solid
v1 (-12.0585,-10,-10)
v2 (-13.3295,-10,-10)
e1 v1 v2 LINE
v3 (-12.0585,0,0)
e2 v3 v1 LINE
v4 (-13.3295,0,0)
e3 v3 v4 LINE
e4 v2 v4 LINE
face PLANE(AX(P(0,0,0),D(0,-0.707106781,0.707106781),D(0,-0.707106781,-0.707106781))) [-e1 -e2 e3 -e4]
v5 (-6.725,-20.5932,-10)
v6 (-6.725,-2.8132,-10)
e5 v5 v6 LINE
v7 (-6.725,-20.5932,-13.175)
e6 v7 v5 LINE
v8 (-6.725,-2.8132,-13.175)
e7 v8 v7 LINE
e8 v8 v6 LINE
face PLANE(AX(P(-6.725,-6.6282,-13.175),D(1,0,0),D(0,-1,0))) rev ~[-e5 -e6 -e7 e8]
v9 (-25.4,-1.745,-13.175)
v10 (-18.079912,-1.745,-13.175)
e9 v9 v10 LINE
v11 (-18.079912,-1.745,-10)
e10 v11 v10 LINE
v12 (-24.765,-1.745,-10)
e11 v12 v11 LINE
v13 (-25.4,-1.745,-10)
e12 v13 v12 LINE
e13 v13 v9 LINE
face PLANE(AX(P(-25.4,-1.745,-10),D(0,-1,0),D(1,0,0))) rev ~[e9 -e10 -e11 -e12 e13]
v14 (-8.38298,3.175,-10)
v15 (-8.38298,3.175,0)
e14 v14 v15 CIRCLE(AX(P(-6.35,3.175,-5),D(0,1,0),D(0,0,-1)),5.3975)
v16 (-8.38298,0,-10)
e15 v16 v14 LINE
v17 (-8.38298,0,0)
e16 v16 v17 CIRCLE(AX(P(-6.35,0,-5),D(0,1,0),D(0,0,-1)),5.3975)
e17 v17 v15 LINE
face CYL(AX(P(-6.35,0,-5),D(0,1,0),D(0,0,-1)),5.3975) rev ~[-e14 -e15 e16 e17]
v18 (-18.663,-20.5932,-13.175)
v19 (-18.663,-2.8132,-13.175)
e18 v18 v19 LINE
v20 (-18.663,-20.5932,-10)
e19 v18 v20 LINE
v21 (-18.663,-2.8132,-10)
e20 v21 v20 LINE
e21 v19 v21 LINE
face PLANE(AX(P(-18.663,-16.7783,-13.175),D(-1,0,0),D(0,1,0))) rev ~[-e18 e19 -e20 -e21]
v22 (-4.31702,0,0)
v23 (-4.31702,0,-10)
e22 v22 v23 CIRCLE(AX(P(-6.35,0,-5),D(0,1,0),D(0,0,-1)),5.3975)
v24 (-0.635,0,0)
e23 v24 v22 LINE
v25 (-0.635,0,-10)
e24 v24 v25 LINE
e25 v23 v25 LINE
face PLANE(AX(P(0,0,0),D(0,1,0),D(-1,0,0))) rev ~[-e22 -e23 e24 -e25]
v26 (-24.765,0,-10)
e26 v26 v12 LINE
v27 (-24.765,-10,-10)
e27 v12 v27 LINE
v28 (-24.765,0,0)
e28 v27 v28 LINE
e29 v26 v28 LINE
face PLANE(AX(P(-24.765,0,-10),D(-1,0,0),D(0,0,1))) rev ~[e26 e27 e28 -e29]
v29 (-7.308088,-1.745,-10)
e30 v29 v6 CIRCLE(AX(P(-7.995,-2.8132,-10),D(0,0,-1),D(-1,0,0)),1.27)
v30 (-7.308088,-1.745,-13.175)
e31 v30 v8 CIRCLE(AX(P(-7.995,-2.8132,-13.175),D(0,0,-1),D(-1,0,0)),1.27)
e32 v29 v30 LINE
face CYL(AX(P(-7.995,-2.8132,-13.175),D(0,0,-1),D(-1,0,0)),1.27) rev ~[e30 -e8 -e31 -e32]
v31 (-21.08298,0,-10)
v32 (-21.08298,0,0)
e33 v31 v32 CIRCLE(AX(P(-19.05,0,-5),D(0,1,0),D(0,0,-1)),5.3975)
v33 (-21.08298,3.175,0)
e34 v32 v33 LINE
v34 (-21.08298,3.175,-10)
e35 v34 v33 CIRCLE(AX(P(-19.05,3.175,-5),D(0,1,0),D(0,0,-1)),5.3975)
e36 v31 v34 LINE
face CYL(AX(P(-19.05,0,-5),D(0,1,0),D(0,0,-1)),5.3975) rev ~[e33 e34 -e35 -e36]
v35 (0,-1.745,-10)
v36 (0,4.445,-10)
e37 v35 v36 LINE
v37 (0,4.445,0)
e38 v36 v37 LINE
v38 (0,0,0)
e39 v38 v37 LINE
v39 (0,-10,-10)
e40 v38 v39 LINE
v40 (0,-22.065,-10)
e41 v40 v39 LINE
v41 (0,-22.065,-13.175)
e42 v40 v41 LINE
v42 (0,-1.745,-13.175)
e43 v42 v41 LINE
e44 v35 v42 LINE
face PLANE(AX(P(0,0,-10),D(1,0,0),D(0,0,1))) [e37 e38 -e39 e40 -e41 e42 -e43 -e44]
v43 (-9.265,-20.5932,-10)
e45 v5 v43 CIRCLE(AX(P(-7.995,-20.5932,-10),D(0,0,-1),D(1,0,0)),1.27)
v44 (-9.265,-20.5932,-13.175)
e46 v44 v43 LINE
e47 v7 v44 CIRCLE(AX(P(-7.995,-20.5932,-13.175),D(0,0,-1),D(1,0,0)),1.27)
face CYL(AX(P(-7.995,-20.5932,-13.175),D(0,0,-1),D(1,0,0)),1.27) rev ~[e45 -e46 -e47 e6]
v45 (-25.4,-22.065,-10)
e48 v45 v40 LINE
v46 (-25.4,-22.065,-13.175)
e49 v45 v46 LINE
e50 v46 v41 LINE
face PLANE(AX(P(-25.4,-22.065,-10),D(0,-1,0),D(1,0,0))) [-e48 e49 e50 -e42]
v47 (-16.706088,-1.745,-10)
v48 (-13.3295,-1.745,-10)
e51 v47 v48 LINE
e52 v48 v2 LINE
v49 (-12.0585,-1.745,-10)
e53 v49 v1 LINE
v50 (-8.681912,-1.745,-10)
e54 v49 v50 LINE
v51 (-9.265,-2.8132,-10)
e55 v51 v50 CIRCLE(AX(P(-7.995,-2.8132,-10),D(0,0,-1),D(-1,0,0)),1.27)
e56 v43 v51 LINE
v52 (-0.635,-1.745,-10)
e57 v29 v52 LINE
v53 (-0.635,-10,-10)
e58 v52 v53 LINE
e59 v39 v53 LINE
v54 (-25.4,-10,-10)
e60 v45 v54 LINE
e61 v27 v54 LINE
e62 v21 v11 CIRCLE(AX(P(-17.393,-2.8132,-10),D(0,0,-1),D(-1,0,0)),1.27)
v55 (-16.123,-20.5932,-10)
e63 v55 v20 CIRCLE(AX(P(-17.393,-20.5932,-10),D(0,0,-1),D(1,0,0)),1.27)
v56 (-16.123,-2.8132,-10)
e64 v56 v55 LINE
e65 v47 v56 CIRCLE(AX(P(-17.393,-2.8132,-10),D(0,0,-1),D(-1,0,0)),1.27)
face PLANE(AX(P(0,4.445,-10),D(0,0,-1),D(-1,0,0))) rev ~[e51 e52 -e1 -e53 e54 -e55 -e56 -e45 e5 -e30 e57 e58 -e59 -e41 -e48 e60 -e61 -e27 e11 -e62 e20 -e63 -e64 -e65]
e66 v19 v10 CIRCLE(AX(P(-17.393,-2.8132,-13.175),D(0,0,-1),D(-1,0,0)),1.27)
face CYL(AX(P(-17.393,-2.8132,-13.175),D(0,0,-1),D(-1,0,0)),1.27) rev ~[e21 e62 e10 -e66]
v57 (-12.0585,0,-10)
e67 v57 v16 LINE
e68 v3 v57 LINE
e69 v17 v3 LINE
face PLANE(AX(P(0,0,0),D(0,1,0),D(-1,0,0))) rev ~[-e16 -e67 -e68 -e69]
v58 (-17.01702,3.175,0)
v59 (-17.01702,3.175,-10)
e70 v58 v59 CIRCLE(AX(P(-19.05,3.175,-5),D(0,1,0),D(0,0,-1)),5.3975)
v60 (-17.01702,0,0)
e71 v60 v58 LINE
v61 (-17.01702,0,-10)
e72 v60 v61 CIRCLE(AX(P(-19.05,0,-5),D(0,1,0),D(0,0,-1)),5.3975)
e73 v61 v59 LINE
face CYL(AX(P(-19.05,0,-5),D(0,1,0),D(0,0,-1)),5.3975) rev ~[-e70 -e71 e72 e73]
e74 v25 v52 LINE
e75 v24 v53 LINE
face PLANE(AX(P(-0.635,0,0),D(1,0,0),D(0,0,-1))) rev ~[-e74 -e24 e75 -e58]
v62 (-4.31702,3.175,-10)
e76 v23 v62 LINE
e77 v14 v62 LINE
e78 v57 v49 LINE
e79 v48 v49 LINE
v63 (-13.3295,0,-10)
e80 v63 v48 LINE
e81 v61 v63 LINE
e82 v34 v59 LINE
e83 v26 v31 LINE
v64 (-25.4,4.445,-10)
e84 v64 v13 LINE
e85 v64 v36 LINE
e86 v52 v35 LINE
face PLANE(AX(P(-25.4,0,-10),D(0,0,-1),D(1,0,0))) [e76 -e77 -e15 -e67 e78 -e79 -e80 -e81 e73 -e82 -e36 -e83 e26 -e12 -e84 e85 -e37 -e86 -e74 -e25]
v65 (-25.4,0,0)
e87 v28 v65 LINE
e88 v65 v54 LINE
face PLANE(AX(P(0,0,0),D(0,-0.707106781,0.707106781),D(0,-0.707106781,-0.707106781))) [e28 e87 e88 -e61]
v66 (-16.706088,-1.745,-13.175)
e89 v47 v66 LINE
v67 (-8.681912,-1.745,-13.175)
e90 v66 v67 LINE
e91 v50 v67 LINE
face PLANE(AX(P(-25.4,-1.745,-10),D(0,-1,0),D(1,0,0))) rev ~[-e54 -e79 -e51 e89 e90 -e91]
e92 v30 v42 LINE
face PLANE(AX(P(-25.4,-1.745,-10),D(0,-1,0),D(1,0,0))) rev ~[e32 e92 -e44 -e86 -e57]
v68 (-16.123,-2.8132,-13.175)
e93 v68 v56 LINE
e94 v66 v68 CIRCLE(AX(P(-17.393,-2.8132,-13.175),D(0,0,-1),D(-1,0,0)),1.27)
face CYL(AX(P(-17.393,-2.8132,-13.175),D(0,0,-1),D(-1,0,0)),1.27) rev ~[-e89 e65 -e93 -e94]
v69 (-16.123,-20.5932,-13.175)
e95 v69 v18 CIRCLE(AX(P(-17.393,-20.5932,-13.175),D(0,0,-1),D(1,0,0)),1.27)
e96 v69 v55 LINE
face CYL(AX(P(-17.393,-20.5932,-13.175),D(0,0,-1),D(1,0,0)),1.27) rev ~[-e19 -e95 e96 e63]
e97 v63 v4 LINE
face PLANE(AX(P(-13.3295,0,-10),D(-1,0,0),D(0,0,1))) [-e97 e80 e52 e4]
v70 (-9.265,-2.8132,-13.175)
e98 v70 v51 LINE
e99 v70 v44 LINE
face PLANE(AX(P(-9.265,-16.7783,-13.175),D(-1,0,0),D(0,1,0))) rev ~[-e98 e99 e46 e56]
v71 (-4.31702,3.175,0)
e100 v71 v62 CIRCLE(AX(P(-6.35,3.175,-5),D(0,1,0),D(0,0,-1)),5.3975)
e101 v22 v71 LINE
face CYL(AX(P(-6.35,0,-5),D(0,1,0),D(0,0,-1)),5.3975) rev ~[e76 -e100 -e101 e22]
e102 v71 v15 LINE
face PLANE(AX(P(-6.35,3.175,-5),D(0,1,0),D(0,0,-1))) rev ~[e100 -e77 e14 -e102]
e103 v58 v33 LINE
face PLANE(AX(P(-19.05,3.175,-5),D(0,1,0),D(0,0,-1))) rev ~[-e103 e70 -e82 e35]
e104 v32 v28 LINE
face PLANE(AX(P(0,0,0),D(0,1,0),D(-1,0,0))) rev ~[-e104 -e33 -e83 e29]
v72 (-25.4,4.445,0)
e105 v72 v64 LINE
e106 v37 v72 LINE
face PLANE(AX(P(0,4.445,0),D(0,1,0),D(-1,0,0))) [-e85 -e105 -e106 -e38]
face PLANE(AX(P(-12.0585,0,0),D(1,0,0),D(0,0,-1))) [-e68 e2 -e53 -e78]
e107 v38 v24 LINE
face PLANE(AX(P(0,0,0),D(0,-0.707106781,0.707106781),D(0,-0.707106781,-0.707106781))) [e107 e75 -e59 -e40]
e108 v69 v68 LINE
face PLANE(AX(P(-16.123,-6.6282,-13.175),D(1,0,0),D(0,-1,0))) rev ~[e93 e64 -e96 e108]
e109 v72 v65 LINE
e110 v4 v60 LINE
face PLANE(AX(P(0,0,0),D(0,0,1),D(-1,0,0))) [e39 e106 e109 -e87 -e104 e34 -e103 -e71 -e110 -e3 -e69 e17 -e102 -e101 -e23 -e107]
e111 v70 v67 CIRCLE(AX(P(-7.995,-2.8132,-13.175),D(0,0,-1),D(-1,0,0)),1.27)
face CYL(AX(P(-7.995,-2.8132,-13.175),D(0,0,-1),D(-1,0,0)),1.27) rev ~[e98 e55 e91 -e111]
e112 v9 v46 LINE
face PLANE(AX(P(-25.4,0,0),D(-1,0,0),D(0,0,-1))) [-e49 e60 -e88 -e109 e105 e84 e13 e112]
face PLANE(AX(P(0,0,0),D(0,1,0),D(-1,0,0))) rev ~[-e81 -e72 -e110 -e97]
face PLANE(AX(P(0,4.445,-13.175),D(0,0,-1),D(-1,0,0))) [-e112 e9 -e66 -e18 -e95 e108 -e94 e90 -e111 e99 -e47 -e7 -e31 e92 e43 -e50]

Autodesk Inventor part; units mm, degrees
ref_plane "YZ Plane" through (0, 0, 0) normal (1, 0, 0) x (0, 1, 0)
ref_plane "XZ Plane" through (0, 0, 0) normal (0, 1, 0) x (-1, 0, 0)
ref_plane "XY Plane" through (0, 0, 0) normal (0, 0, 1) x (1, 0, 0)
sketch "Sketch1" plane through (0, 0, 0) normal (0, 1, 0) x (-1, 0, 0)
  line L0 (0, 0) -> (25.4, 0)
  line L1 (25.4, 0) -> (25.4, -10)
  line L2 (25.4, -10) -> (0, -10)
  line L3 (0, -10) -> (0, 0)
  line L4 (25.4, -5) -> (19.05, -5)
  line L5 (19.05, -5) -> (6.35, -5)
  dimension "d0" = 25.4
  dimension "d1" = 10
  dimension "d4" = 6.35
  dimension "d5" = 12.7
extrude "Extrusion1" add sketch "Sketch1" along normal blind 4.445
hole "Hole1" at (-6.35, 0, -5) at (-19.05, 0, -5) direction (0, 1, 0) diameter 10.795 depth 3.175
sketch "Sketch2" plane through (0, 0, 0) normal (0, -1, 0) x (1, 0, 0)
  line L0 (-25.4, 0) -> (0, 0) projected
  line L1 (0, -10) -> (-25.4, -10) projected
  line L2 (0, 0) -> (-0.635, 0)
  line L3 (-0.635, 0) -> (-0.635, -10)
  line L4 (-0.635, -10) -> (0, -10)
  line L5 (0, -10) -> (0, 0)
  line L6 (-17.017, 0) -> (-8.383, 0) projected
  line L7 (-12.7, 0) -> (-12.0585, 0)
  line L8 (-12.0585, 0) -> (-12.0585, -10)
  line L9 (-12.0585, -10) -> (-12.7, -10)
  line L10 (-12.7, -10) -> (-12.7, 0)
  line L11 (-12.7, -10) -> (-13.3295, -10)
  line L12 (-13.3295, -10) -> (-13.3295, 0)
  line L13 (-13.3295, 0) -> (-12.7, 0)
  line L14 (-12.7, 0) -> (-12.7, -10)
  line L15 (-25.4, -10) -> (-25.4, 0) projected
  line L16 (-25.4, 0) -> (-21.083, 0) projected
  line L17 (-25.4, -10) -> (-24.765, -10)
  line L18 (-24.765, -10) -> (-24.765, 0)
  line L19 (-24.765, 0) -> (-25.4, 0)
  line L20 (-25.4, 0) -> (-25.4, -10)
  point P0 (-24.765, 0)
  dimension "d13" = 0.635
  dimension "d14" = 0.635
sketch "Sketch3" plane through (0, 0, 0) normal (1, 0, 0) x (0, 0, -1)
  line L0 (0, 4.445) -> (10, 4.445) projected
  line L1 (5, 4.445) -> (9.445, 0)
  line L2 (10, 0) -> (0, 0) projected
  line L3 (5, 4.445) -> (11.2862, 4.445) construction
  dimension "d15" = 45
extrude "Extrusion2" add sketch "Sketch2" along normal blind 25.4 contours L0 L18 L1 L15 | L12 L0 L10 L1 | L10 L0 L8 L1 | L3 L0 L5 L1
sketch "Sketch4" plane through (0, 4.445, 0) normal (1, 0, 0) x (0, 0, -1)
  line L0 (0, -4.445) -> (10, -14.445)
  line L1 (10, -29.845) -> (10, 0) projected
  line L2 (0, -4.445) -> (14.1421, -4.445) construction
  line L3 (0, -4.445) -> (0, -29.845) projected
  line L4 (0, -4.445) -> (0, -29.845)
  line L5 (0, -29.845) -> (10, -29.845) projected
  line L6 (0, -29.845) -> (10, -29.845)
  line L7 (10, -29.845) -> (10, -14.445)
  dimension "d18" = 45
extrude "Extrusion3" cut sketch "Sketch4" against normal blind 25.4
sketch "Sketch5" plane through (0, 4.445, -10) normal (0, 0, -1) x (-1, 0, 0)
  line L0 (25.4, -14.445) -> (25.4, -4.445) projected
  line L1 (-13.6769, -18.89) -> (25.4, -18.89)
  line L2 (25.4, -18.89) -> (25.4, -6.19)
  line L3 (25.4, -6.19) -> (-13.6769, -6.19)
  line L4 (-13.6769, -6.19) -> (-13.6769, -18.89)
  line L5 (0, -14.445) -> (0, 0) projected
  line L6 (0, -6.19) -> (25.4, -6.19)
  line L7 (25.4, -6.19) -> (25.4, -26.51)
  line L8 (25.4, -26.51) -> (0, -26.51)
  line L9 (0, -26.51) -> (0, -6.19)
  point P0 (0, -4.445)
  point P1 (25.4, -18.89)
  dimension "d21" = 12.7
  dimension "d28" = 20.32
extrude "Extrusion4" add sketch "Sketch5" along normal blind 3.175 contours L2 L1 L9 L5 L3 L0 | L7 L8 L9 L1
sketch "Sketch6" plane through (0, 4.445, -13.175) normal (0, 0, -1) x (-1, 0, 0)
  line L0 (12.0585, -6.19) -> (13.3295, -6.19) projected
  line L1 (12.694, -6.19) -> (12.694, -11.3085)
  line L2 (12.694, -11.3085) -> (12.694, -19.0349)
  line L3 (12.694, -16.1482) -> (7.995, -16.1482)
  line L4 (7.995, -16.1482) -> (17.393, -16.1482)
  line L5 (7.995, -21.2233) -> (7.995, -11.0732) construction
  line L6 (9.265, -21.2233) -> (9.265, -11.0732)
  line L7 (6.725, -11.0732) -> (6.725, -21.2233)
  arc A0 (6.725, -21.2233) -> (9.265, -21.2233) centre (7.995, -21.2233) ccw
  arc A1 (9.265, -11.0732) -> (6.725, -11.0732) centre (7.995, -11.0732) ccw
  line L8 (17.393, -21.2233) -> (17.393, -11.0732) construction
  line L9 (18.663, -21.2233) -> (18.663, -11.0732)
  line L10 (16.123, -11.0732) -> (16.123, -21.2233)
  arc A2 (16.123, -21.2233) -> (18.663, -21.2233) centre (17.393, -21.2233) ccw
  arc A3 (18.663, -11.0732) -> (16.123, -11.0732) centre (17.393, -11.0732) ccw
  line L11 (7.995, -25.0382) -> (7.995, -7.2582) construction
  line L12 (9.265, -25.0382) -> (9.265, -7.2582)
  line L13 (6.725, -7.2582) -> (6.725, -25.0382)
  arc A4 (6.725, -25.0382) -> (9.265, -25.0382) centre (7.995, -25.0382) ccw
  arc A5 (9.265, -7.2582) -> (6.725, -7.2582) centre (7.995, -7.2582) ccw
  line L14 (17.393, -25.0382) -> (17.393, -7.2582) construction
  line L15 (18.663, -25.0382) -> (18.663, -7.2582)
  line L16 (16.123, -7.2582) -> (16.123, -25.0382)
  arc A6 (16.123, -25.0382) -> (18.663, -25.0382) centre (17.393, -25.0382) ccw
  arc A7 (18.663, -7.2582) -> (16.123, -7.2582) centre (17.393, -7.2582) ccw
  point P0 (0, -4.445)
  point P1 (18.663, -11.0732)
  dimension "d24" = 4.699
  dimension "d25" = 9.398
  dimension "d26" = 2.54
  dimension "d27" = 2.54
  dimension "d29" = 8.89
  dimension "d30" = 2.54
  dimension "d31" = 8.89
  dimension "d32" = 2.54
extrude "Extrusion5" cut sketch "Sketch6" against normal blind 3.175
properties part number "door limit switch holder"
